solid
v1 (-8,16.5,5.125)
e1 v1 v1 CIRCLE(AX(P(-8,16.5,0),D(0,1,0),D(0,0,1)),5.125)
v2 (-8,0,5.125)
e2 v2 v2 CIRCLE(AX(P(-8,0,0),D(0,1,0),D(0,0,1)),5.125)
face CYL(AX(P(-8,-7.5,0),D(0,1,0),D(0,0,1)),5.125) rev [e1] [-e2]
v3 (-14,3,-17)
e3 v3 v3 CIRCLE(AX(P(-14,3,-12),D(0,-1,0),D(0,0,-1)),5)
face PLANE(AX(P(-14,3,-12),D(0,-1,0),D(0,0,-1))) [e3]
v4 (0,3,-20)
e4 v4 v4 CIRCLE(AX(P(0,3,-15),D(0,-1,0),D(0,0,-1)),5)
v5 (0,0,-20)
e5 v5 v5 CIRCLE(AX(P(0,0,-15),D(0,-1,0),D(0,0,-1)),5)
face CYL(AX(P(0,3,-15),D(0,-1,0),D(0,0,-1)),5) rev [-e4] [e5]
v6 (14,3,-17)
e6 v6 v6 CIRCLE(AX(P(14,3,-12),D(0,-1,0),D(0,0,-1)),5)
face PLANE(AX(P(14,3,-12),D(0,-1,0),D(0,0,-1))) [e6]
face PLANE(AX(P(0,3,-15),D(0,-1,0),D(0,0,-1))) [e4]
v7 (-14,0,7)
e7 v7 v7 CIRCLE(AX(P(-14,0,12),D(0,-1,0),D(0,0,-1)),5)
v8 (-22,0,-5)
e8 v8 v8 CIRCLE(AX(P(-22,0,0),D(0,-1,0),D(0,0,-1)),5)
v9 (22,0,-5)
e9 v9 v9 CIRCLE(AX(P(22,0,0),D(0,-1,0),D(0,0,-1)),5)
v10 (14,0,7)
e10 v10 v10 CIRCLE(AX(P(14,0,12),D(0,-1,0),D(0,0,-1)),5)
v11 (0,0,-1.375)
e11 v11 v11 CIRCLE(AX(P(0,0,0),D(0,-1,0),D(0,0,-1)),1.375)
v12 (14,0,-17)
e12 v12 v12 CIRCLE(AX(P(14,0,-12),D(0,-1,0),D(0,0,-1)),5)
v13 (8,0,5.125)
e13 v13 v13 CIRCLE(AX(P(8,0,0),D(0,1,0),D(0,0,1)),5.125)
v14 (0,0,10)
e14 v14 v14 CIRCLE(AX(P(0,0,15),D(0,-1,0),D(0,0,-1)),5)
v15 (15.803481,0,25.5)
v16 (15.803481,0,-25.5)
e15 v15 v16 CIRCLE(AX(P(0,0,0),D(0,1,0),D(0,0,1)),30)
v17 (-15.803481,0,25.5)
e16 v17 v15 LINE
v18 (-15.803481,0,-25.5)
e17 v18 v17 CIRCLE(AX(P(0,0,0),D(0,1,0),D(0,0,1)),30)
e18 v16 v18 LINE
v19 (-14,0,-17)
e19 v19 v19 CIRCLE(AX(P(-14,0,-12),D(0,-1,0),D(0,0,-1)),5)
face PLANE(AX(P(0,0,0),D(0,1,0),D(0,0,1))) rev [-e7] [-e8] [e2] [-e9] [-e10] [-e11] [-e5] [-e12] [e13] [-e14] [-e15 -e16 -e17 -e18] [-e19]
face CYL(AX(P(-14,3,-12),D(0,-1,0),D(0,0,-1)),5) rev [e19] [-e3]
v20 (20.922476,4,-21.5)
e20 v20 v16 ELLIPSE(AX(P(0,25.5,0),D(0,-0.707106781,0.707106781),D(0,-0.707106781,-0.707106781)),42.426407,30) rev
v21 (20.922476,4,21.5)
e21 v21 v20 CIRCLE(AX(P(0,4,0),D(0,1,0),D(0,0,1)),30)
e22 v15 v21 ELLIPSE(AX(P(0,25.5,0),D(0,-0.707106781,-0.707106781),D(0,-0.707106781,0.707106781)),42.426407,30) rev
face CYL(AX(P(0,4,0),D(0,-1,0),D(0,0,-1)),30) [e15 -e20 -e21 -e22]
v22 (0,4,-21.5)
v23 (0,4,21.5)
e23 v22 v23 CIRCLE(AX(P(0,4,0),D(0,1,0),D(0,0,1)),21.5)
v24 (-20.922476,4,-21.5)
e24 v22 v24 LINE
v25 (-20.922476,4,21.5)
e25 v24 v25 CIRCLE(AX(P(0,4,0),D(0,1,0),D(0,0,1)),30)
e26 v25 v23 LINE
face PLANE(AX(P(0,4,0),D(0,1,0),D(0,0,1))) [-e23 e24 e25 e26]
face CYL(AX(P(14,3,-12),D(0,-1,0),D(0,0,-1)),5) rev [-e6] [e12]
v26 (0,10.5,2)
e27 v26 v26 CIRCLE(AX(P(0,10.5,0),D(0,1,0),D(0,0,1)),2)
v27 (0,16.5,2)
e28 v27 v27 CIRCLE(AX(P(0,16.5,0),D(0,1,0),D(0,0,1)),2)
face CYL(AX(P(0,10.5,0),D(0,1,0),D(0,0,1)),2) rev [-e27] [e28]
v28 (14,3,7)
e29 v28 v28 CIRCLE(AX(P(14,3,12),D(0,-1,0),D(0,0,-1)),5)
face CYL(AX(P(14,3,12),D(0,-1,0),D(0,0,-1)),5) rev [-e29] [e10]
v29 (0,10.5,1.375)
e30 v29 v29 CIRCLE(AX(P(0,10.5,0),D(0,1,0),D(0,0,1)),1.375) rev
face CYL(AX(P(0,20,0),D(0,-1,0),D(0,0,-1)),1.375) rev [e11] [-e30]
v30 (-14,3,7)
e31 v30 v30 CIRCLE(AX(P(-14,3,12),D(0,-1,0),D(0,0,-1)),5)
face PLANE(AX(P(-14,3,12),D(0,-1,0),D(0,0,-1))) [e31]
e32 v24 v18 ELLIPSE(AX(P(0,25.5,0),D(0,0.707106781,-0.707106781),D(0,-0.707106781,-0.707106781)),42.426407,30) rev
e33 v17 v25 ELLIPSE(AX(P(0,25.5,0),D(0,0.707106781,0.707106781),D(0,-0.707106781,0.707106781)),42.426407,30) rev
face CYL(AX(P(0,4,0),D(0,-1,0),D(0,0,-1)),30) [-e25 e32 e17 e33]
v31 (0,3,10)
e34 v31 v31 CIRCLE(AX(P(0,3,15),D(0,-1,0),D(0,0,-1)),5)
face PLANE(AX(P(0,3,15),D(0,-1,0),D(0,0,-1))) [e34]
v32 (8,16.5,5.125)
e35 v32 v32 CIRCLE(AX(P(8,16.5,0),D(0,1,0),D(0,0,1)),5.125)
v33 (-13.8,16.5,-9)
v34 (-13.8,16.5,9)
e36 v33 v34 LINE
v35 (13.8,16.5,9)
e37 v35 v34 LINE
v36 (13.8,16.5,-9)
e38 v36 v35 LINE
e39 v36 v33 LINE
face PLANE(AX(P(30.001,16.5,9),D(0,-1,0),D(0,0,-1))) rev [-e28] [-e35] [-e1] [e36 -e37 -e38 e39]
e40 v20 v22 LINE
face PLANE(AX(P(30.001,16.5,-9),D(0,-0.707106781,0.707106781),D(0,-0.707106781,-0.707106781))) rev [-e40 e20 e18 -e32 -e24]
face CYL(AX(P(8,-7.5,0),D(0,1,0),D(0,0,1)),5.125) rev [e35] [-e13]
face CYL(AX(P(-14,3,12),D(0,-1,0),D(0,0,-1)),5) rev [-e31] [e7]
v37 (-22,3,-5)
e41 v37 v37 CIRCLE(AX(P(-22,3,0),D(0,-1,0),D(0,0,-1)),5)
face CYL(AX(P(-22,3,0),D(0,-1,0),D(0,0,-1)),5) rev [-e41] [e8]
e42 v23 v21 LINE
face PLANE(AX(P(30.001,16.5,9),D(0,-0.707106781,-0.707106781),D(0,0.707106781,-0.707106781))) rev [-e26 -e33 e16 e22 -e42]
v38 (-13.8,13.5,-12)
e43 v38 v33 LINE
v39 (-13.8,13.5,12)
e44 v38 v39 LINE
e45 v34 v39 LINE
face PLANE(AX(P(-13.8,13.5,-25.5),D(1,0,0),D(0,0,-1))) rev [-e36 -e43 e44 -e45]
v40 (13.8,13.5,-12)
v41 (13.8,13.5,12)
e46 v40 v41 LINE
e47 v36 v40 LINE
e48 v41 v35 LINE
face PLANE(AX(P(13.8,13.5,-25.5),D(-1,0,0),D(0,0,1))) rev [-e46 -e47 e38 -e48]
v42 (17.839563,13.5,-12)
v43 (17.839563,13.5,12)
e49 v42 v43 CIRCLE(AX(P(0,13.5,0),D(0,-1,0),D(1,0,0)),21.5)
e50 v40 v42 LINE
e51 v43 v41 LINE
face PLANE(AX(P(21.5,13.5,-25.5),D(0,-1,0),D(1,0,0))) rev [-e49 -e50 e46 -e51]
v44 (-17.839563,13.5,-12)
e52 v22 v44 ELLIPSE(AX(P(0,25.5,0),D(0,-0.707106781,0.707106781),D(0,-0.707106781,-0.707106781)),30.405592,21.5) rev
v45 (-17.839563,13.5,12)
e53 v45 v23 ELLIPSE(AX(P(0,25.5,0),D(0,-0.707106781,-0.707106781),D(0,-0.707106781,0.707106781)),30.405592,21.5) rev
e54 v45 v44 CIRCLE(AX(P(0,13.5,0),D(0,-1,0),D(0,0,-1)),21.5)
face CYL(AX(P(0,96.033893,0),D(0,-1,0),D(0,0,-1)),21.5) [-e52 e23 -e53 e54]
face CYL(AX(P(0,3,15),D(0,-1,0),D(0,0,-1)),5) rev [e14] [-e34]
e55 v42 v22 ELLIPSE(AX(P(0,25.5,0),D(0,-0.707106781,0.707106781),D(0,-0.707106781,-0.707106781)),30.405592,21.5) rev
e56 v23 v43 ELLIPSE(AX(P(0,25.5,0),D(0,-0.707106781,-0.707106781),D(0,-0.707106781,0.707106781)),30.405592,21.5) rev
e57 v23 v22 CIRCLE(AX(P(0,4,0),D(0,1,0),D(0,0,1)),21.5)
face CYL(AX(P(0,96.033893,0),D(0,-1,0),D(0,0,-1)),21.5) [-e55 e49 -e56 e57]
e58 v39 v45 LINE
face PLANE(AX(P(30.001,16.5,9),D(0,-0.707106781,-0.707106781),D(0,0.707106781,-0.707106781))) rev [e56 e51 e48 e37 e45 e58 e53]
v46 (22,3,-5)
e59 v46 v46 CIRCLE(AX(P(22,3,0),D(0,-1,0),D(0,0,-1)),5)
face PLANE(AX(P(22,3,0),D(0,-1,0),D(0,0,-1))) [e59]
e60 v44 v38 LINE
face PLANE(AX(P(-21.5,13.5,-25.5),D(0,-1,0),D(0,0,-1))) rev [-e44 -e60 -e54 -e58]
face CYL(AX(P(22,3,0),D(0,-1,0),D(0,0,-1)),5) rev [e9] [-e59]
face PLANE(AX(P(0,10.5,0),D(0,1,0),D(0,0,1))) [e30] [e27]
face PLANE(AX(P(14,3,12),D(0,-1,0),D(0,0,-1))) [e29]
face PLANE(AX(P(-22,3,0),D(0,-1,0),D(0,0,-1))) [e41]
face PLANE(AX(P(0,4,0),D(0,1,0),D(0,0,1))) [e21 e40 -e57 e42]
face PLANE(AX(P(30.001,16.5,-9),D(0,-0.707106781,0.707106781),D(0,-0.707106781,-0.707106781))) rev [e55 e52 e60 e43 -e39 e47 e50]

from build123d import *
from build123d.topology import SkipClean

# Parameters (mm, degrees)
SKETCH1_R                            = 30
BOSS_EXTRUDE1_DEPTH                  = 4
BOSS_EXTRUDE2_REACH                  = 44.615
BOSS_EXTRUDE2_END_RADIUS             = 30
BOSS_EXTRUDE2_DIRECTION_2_REACH      = 44.615
BOSS_EXTRUDE2_DIRECTION_2_END_RADIUS = 30
SKETCH3_OUTSIDE_W                    = 78.092
SKETCH3_OUTSIDE_H                    = 69.092
SKETCH3_OUTSIDE_R                    = 21.5
CUT_EXTRUDE2_DEPTH                   = 12.5
BOSS_EXTRUDE3_DEPTH                  = 18
BOSS_EXTRUDE4_DEPTH                  = 15
BOSS_EXTRUDE5_DEPTH                  = 15
CUT_EXTRUDE3_DEPTH                   = 44.292609069
CUT_EXTRUDE3_DEPTH_BACK              = 44.292609069
SKETCH8_R                            = 2
CUT_EXTRUDE8_DEPTH                   = 48.077064479
CUT_EXTRUDE8_DEPTH_BACK              = 48.077064479
CUT_EXTRUDE9_DEPTH                   = 59.659818207
CUT_EXTRUDE11_DEPTH                  = 20
CUT_EXTRUDE12_DEPTH                  = 20
CUT_EXTRUDE13_DEPTH                  = 20
CUT_EXTRUDE14_DEPTH                  = 44.292609069
CUT_EXTRUDE14_DEPTH_BACK             = 44.292609069
SKETCH25_W                           = 66.075437062
SKETCH25_H                           = 20.142243048
SKETCH26_R                           = 5.125
CUT_EXTRUDE15_DEPTH                  = 24
CUT_EXTRUDE17_DEPTH                  = 47.524187258
CUT_EXTRUDE17_DEPTH_BACK             = 47.524187258
SKETCH29_W                           = 7.7
SKETCH29_H                           = 3
CUT_EXTRUDE18_DEPTH                  = 47.524187258
CUT_EXTRUDE18_DEPTH_BACK             = 47.524187258
SKETCH31_W                           = 7.7
SKETCH31_H                           = 3
SKETCH34_R                           = 1.375
CUT_EXTRUDE21_DEPTH                  = 20
SKETCH35_R                           = 2
CUT_EXTRUDE22_DEPTH                  = 6
SKETCH37_R                           = 5
CUT_EXTRUDE23_DEPTH                  = 3


with BuildPart() as part:
    # Sketch1 → Boss-Extrude1 (new body)
    with BuildSketch(Plane(origin=(0, 0, 0), x_dir=(1, 0, 0), z_dir=(0, 1, 0))):
        with Locations(Location((0, 0, 0), (0, 0, 270))):
            Circle(SKETCH1_R)
    extrude(amount=BOSS_EXTRUDE1_DEPTH)

    # Boss-Extrude2: up to this cylinder (the profile starts inside it)
    with SkipClean():  # the faces are left unmerged after this step: merging them gives an invalid solid
        boss_extrude2_end = Plane(origin=(0, 9.396175, 0), z_dir=(0, -1, 0)) * Cylinder(BOSS_EXTRUDE2_END_RADIUS, 150.23, mode=Mode.PRIVATE)
        # Sketch2 → Boss-Extrude2 (add, up to the surface)
        with BuildSketch(Plane(origin=(0, 0, 0), x_dir=(0, 0, -1), z_dir=(1, 0, 0)), mode=Mode.PRIVATE) as boss_extrude2_sk1:
            Polygon((0, 4), (21.5, 4), (9, 16.5), (-9, 16.5), (-21.5, 4), align=None)
        boss_extrude2_tool1 = extrude(boss_extrude2_sk1.sketch, amount=BOSS_EXTRUDE2_REACH, mode=Mode.PRIVATE) & boss_extrude2_end
        add(boss_extrude2_tool1.solids().sort_by_distance((0, 9.396175, 0))[0])

    # Boss-Extrude2 direction 2: up to this cylinder (the profile starts inside it)
    with SkipClean():  # the faces are left unmerged after this step: merging them gives an invalid solid
        boss_extrude2_direction_2_end = Plane(origin=(0, 9.396175, 0), z_dir=(0, -1, 0)) * Cylinder(BOSS_EXTRUDE2_DIRECTION_2_END_RADIUS, 150.23, mode=Mode.PRIVATE)
        # Sketch2 → Boss-Extrude2 direction 2 (add, up to the surface)
        with BuildSketch(Plane(origin=(0, 0, 0), x_dir=(0, 0, -1), z_dir=(1, 0, 0)), mode=Mode.PRIVATE) as boss_extrude2_direction_2_sk1:
            Polygon((0, 4), (21.5, 4), (9, 16.5), (-9, 16.5), (-21.5, 4), align=None)
        boss_extrude2_direction_2_tool1 = extrude(boss_extrude2_direction_2_sk1.sketch, amount=-BOSS_EXTRUDE2_DIRECTION_2_REACH, mode=Mode.PRIVATE) & boss_extrude2_direction_2_end
        add(boss_extrude2_direction_2_tool1.solids().sort_by_distance((0, 9.396175, 0))[0])

    # SurfaceCut1
    split(bisect_by=Plane(origin=(0, 12.75, -12.75), x_dir=(1, 0, 0), z_dir=(0, 0.7071067811865558, -0.7071067811865392)), keep=Keep.BOTTOM)

    # SurfaceCut2
    split(bisect_by=Plane(origin=(0, 12.75, 12.75), x_dir=(1, 0, 0), z_dir=(0, 0.7071067811865509, 0.7071067811865442)), keep=Keep.BOTTOM)

    # Sketch3 outside → Cut-Extrude2 (cut)
    with BuildSketch(Plane(origin=(0, 4, 0), x_dir=(1, 0, 0), z_dir=(0, 1, 0))):
        Rectangle(SKETCH3_OUTSIDE_W, SKETCH3_OUTSIDE_H)
        Circle(SKETCH3_OUTSIDE_R, mode=Mode.SUBTRACT)
    extrude(amount=CUT_EXTRUDE2_DEPTH, mode=Mode.SUBTRACT)

    # Sketch5 → Boss-Extrude3 (add)
    with BuildSketch(Plane(origin=(0, 0, 0), x_dir=(-1, 0, 0), z_dir=(0, -1, 0))):
        Polygon((0, -6), (-17.5, -6), (-17.5, 6), (17.5, 6), (17.5, -6), align=None)
    extrude(amount=BOSS_EXTRUDE3_DEPTH)

    # Sketch6 → Boss-Extrude4 (add)
    with BuildSketch(Plane.XZ):
        Polygon((0, 15), (7, 15), (7, 6), (-7, 6), (-7, 15), align=None)
    extrude(amount=BOSS_EXTRUDE4_DEPTH)

    # Sketch7 → Boss-Extrude5 (add)
    with BuildSketch(Plane.XZ):
        Polygon((0, -15), (7, -15), (7, -6), (-7, -6), (-7, -15), align=None)
    extrude(amount=BOSS_EXTRUDE5_DEPTH)

    # Sketch8 → Cut-Extrude3 (cut, two sides: drawn at the far end of the back side and taken through both)
    with BuildSketch(Plane.XY.offset(-CUT_EXTRUDE3_DEPTH_BACK)):
        with Locations((-12.5, -12.5)):
            Circle(SKETCH8_R)
        with Locations((12.5, -12.5)):
            Circle(SKETCH8_R)
    extrude(amount=CUT_EXTRUDE3_DEPTH + CUT_EXTRUDE3_DEPTH_BACK, mode=Mode.SUBTRACT)

    # Sketch16 → Cut-Extrude8 (cut, two sides: drawn at the far end of the back side and taken through both)
    with BuildSketch(Plane.XY.offset(6).offset(-CUT_EXTRUDE8_DEPTH_BACK)):
        Polygon((17.5, -18), (17.5, -14.5), (14, -18), align=None)
        Polygon((-17.5, -18), (-14, -18), (-17.5, -14.5), align=None)
    extrude(amount=CUT_EXTRUDE8_DEPTH + CUT_EXTRUDE8_DEPTH_BACK, mode=Mode.SUBTRACT)

    # Sketch17 → Cut-Extrude9 (cut, through all)
    with BuildSketch(Plane(origin=(10.365975269, -9.674910251, -8.062425209), x_dir=(-0.3613483622370374, 0.337258471421235, -0.8693009171531012), z_dir=(0.6355070151731325, -0.5931398808282571, -0.49428323402354774))):
        Polygon((-2.372510104, -6.189601271), (7.980636686, -0.706686759), (7.980636686, -10.965829024), align=None)
    extrude(amount=CUT_EXTRUDE9_DEPTH, mode=Mode.SUBTRACT)

    # Sketch19 → Cut-Extrude11 (cut)
    with BuildSketch(Plane(origin=(-10.365975269, -9.674910251, -8.062425209), x_dir=(0.3613483622370374, 0.33725847142123494, -0.8693009171531012), z_dir=(0.6355070151731324, 0.5931398808282571, 0.4942832340235476))):
        Polygon((-2.372510104, -6.189601271), (7.980636686, -10.965829024), (7.980636686, -0.706686759), align=None)
    extrude(amount=-CUT_EXTRUDE11_DEPTH, mode=Mode.SUBTRACT)

    # Sketch20 → Cut-Extrude12 (cut)
    with BuildSketch(Plane(origin=(-10.365975269, -9.674910251, 8.062425209), x_dir=(-0.3613483622370374, -0.3372584714212349, -0.8693009171531013), z_dir=(0.6355070151731326, 0.593139880828257, -0.49428323402354757))):
        Polygon((2.372510104, -6.189601271), (-7.980636686, -0.706686759), (-7.980636686, -10.965829024), align=None)
    extrude(amount=-CUT_EXTRUDE12_DEPTH, mode=Mode.SUBTRACT)

    # Sketch21 → Cut-Extrude13 (cut)
    with BuildSketch(Plane(origin=(10.365975269, -9.674910251, 8.062425209), x_dir=(-0.3613483622370374, 0.3372584714212349, 0.8693009171531013), z_dir=(-0.6355070151731326, 0.593139880828257, -0.49428323402354757))):
        Polygon((-2.372510104, -6.189601271), (7.980636686, -0.706686759), (7.980636686, -10.965829024), align=None)
    extrude(amount=-CUT_EXTRUDE13_DEPTH, mode=Mode.SUBTRACT)

    # Sketch25 → Cut-Extrude14 (cut, two sides: drawn at the far end of the back side and taken through both)
    with BuildSketch(Plane.XY.offset(-CUT_EXTRUDE14_DEPTH_BACK)):
        with Locations((0, -10.071121524)):
            Rectangle(SKETCH25_W, SKETCH25_H)
    extrude(amount=CUT_EXTRUDE14_DEPTH + CUT_EXTRUDE14_DEPTH_BACK, mode=Mode.SUBTRACT)

    # Sketch26 → Cut-Extrude15 (cut)
    with BuildSketch(Plane(origin=(0, 16.5, 0), x_dir=(1, 0, 0), z_dir=(0, 1, 0))):
        with Locations(Location((-8, 0, 0), (0, 0, 270))):
            Circle(SKETCH26_R)
        with Locations(Location((8, 0, 0), (0, 0, 270))):
            Circle(SKETCH26_R)
    extrude(amount=-CUT_EXTRUDE15_DEPTH, mode=Mode.SUBTRACT)

    # Sketch29 → Cut-Extrude17 (cut, two sides: drawn at the far end of the back side and taken through both)
    with BuildSketch(Plane.XY.offset(6).offset(-CUT_EXTRUDE17_DEPTH_BACK)):
        with Locations((17.65, 15)):
            Rectangle(SKETCH29_W, SKETCH29_H)
    extrude(amount=CUT_EXTRUDE17_DEPTH + CUT_EXTRUDE17_DEPTH_BACK, mode=Mode.SUBTRACT)

    # Sketch31 → Cut-Extrude18 (cut, two sides: drawn at the far end of the back side and taken through both)
    with BuildSketch(Plane.XY.offset(6).offset(-CUT_EXTRUDE18_DEPTH_BACK)):
        with Locations((-17.65, 15)):
            Rectangle(SKETCH31_W, SKETCH31_H)
    extrude(amount=CUT_EXTRUDE18_DEPTH + CUT_EXTRUDE18_DEPTH_BACK, mode=Mode.SUBTRACT)

    # Sketch34 → Cut-Extrude21 (cut)
    with BuildSketch(Plane.XZ):
        with Locations(Location((0, 0, 0), (0, 0, 270))):
            Circle(SKETCH34_R)
    extrude(amount=-CUT_EXTRUDE21_DEPTH, mode=Mode.SUBTRACT)

    # Sketch35 → Cut-Extrude22 (cut)
    with BuildSketch(Plane(origin=(0, 16.5, 0), x_dir=(1, 0, 0), z_dir=(0, 1, 0))):
        with Locations(Location((0, 0, 0), (0, 0, 270))):
            Circle(SKETCH35_R)
    extrude(amount=-CUT_EXTRUDE22_DEPTH, mode=Mode.SUBTRACT)

    # Sketch37 → Cut-Extrude23 (cut)
    with BuildSketch(Plane.XZ):
        with Locations(Location((0, -15, 0), (0, 0, 270))):
            Circle(SKETCH37_R)
        with Locations(Location((0, 15, 0), (0, 0, 270))):
            Circle(SKETCH37_R)
        with Locations(Location((-22, 0, 0), (0, 0, 270))):
            Circle(SKETCH37_R)
        with Locations(Location((22, 0, 0), (0, 0, 270))):
            Circle(SKETCH37_R)
        with Locations(Location((-14, 12, 0), (0, 0, 270))):
            Circle(SKETCH37_R)
        with Locations(Location((14, 12, 0), (0, 0, 270))):
            Circle(SKETCH37_R)
        with Locations(Location((-14, -12, 0), (0, 0, 270))):
            Circle(SKETCH37_R)
        with Locations(Location((14, -12, 0), (0, 0, 270))):
            Circle(SKETCH37_R)
    extrude(amount=-CUT_EXTRUDE23_DEPTH, mode=Mode.SUBTRACT)


solid = part.part
